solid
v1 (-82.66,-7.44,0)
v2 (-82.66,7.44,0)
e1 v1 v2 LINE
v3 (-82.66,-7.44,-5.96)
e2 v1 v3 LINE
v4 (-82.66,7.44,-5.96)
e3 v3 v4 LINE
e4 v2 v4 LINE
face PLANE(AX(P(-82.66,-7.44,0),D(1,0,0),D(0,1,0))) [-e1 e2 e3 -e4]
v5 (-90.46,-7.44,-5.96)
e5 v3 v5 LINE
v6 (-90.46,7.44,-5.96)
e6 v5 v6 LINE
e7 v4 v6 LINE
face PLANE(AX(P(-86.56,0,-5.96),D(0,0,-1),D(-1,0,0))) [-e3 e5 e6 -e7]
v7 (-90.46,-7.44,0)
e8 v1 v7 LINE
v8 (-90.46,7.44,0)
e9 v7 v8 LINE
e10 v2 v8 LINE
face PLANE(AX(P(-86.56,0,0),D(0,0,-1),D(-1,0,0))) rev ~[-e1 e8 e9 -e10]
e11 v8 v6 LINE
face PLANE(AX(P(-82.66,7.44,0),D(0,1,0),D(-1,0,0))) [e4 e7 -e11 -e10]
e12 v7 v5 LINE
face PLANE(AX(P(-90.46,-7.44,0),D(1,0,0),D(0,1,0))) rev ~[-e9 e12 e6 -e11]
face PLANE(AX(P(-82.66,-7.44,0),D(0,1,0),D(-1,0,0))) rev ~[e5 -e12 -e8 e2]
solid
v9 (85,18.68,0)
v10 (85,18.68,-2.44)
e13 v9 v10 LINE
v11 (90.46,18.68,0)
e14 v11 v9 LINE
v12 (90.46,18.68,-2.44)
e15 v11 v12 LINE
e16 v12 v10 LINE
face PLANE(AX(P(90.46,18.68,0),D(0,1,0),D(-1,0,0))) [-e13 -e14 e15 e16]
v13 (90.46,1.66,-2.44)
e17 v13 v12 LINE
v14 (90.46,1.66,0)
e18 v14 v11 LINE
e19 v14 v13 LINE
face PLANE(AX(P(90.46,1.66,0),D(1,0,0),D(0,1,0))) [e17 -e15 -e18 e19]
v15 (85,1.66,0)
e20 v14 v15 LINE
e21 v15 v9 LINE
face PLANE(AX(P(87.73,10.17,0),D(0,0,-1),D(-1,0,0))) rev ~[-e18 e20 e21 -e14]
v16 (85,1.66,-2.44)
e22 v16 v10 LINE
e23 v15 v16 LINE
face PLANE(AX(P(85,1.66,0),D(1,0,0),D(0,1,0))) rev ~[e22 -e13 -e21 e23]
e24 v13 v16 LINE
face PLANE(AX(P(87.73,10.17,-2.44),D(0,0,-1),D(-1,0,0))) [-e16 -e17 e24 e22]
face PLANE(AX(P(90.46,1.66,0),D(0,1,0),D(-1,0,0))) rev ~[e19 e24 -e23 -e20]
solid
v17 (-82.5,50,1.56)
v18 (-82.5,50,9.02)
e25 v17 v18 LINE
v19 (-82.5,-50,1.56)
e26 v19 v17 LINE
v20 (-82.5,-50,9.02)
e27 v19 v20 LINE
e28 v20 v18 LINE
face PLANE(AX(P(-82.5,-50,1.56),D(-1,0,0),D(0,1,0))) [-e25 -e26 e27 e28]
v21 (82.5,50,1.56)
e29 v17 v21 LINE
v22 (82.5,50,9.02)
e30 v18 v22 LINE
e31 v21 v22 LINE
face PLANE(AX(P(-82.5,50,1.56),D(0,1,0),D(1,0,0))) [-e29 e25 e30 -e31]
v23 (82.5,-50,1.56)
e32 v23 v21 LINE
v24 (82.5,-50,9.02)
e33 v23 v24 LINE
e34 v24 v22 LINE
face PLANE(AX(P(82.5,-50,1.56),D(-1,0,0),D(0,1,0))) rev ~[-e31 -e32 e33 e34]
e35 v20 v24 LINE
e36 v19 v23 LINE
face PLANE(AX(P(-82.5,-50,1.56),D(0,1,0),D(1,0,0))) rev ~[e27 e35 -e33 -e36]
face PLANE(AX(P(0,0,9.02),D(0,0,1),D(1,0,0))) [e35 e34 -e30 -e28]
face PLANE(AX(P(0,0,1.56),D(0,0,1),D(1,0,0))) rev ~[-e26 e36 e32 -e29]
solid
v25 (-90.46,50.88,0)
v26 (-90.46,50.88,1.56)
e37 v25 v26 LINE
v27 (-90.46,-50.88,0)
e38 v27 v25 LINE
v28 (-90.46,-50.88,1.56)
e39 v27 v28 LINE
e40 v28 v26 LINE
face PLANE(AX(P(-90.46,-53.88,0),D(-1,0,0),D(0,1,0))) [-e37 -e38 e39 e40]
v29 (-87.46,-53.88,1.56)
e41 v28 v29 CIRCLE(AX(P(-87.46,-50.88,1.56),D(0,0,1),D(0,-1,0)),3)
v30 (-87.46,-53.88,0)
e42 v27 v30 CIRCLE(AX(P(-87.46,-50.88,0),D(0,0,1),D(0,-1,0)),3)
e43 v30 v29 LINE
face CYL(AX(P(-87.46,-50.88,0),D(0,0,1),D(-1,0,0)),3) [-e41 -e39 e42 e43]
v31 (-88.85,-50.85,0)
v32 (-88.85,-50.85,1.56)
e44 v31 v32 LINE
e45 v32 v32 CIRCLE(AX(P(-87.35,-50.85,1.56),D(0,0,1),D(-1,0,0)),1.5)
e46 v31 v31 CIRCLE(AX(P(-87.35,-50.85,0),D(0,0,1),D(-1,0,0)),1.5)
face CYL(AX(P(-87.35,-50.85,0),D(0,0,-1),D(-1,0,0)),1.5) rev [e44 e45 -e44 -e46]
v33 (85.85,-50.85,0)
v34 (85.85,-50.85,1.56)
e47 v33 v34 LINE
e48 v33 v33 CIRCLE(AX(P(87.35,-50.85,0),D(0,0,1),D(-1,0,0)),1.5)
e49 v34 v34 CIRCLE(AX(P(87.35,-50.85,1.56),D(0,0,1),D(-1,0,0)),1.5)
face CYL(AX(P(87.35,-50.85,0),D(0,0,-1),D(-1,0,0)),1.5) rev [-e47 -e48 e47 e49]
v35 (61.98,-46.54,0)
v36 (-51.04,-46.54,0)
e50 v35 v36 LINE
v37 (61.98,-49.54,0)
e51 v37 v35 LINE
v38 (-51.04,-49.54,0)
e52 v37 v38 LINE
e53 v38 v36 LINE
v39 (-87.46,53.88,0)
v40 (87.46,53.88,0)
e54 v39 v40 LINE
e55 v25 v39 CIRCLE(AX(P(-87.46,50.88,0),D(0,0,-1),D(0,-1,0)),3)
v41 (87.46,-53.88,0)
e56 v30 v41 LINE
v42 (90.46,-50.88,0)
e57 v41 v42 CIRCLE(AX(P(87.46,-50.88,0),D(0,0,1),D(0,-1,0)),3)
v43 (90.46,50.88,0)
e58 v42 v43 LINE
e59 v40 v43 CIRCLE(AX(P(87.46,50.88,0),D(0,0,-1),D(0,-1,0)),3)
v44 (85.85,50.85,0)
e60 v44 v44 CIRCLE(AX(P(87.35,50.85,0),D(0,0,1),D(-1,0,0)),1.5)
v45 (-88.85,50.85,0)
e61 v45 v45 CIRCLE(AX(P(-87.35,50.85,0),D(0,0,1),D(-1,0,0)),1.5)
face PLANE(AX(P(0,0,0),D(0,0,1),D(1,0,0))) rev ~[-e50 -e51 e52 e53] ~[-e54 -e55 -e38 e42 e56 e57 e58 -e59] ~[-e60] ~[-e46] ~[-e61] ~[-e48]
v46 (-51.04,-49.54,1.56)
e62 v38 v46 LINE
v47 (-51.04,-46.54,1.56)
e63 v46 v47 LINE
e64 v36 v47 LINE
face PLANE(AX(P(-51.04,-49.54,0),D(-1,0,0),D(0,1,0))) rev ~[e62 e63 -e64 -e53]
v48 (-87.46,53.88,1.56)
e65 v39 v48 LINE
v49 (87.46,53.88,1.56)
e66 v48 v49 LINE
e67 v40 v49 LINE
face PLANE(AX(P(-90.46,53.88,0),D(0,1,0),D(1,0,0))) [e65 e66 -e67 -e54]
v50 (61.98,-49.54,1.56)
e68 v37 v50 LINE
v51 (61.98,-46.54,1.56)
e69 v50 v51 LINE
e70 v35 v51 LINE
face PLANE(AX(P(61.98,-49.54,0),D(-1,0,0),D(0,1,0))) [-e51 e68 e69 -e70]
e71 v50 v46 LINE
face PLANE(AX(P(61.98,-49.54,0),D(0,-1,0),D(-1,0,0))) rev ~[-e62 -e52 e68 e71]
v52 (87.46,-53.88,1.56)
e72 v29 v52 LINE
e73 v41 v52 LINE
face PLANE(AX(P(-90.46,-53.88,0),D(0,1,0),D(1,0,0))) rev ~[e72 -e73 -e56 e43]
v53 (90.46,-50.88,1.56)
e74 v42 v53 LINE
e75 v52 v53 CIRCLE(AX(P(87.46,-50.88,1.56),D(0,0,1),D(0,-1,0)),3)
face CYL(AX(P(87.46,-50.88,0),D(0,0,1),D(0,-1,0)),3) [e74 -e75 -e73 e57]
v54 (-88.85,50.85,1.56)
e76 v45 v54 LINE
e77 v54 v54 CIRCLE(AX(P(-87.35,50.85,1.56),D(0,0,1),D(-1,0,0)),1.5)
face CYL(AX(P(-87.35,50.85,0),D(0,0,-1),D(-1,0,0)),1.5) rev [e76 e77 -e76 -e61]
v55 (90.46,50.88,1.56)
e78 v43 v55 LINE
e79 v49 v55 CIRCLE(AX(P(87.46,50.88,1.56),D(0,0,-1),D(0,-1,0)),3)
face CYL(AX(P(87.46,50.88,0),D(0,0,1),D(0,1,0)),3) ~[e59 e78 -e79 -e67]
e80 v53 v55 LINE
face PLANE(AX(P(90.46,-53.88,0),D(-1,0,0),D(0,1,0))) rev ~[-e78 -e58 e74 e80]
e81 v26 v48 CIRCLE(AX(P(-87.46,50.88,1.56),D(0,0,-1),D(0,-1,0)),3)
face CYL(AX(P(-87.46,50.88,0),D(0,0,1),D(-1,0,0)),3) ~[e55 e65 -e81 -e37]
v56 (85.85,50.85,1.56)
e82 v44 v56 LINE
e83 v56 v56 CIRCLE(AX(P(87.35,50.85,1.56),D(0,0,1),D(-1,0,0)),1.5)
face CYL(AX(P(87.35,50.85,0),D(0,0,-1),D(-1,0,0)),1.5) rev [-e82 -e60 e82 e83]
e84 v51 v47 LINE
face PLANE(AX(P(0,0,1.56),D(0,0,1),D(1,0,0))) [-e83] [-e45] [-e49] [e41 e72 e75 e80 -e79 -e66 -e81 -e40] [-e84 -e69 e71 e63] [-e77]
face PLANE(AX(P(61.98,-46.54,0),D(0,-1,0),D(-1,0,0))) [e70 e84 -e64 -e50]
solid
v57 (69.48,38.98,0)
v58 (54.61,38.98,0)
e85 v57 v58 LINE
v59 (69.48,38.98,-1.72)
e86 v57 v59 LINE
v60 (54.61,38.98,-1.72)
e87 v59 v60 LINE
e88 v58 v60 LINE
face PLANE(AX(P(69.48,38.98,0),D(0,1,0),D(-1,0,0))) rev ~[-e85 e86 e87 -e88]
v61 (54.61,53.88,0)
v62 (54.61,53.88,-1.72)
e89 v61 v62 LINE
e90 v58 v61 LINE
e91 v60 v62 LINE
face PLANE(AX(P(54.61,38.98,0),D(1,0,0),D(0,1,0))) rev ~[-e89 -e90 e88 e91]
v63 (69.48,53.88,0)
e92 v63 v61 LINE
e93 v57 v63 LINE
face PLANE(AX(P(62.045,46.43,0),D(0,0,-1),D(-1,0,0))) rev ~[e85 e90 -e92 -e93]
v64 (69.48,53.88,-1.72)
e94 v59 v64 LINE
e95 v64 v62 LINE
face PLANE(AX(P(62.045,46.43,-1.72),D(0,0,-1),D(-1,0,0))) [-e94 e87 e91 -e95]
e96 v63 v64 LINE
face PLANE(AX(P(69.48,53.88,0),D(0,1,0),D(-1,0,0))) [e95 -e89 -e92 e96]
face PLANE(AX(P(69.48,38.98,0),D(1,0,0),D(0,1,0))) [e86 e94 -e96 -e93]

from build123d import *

# Parameters (mm, degrees)
SKETCH1_W           = 180.92
SKETCH1_H           = 107.76
SKETCH1_R           = 1.5
BOSS_EXTRUDE1_DEPTH = 1.56
SKETCH2_W           = 165
SKETCH2_H           = 100
BOSS_EXTRUDE2_DEPTH = 7.46
SKETCH3_W           = 7.8
SKETCH3_H           = 14.88
BOSS_EXTRUDE3_DEPTH = 5.96
SKETCH4_W           = 14.87
SKETCH4_H           = 14.9
BOSS_EXTRUDE4_DEPTH = 1.72
SKETCH5_W           = 5.46
SKETCH5_H           = 17.02
BOSS_EXTRUDE5_DEPTH = 2.44
SKETCH6_W           = 113.02
SKETCH6_H           = 3
CUT_EXTRUDE1_DEPTH  = 1.56
FILLET1_R           = 3


with BuildPart() as part:
    # Sketch1 → Boss-Extrude1 (new body)
    with BuildSketch(Plane.XY):
        Rectangle(SKETCH1_W, SKETCH1_H)
        with Locations(Location((87.35, 50.85, 0), (0, 0, 180))):
            Circle(SKETCH1_R, mode=Mode.SUBTRACT)
        with Locations(Location((87.35, -50.85, 0), (0, 0, 180))):
            Circle(SKETCH1_R, mode=Mode.SUBTRACT)
        with Locations(Location((-87.35, 50.85, 0), (0, 0, 180))):
            Circle(SKETCH1_R, mode=Mode.SUBTRACT)
        with Locations(Location((-87.35, -50.85, 0), (0, 0, 180))):
            Circle(SKETCH1_R, mode=Mode.SUBTRACT)
    extrude(amount=BOSS_EXTRUDE1_DEPTH)

    # Sketch6 → Cut-Extrude1 (cut)
    with BuildSketch(Plane(origin=(0, 0, 0), x_dir=(-1, 0, 0), z_dir=(0, 0, -1))):
        with Locations((-5.47, -48.04)):
            Rectangle(SKETCH6_W, SKETCH6_H)
    extrude(amount=-CUT_EXTRUDE1_DEPTH, mode=Mode.SUBTRACT)

    # Fillet1
    fillet1_edges = [part.edges().sort_by_distance(p)[0] for p in [
        (90.46, -53.88, 0.78),
        (-90.46, -53.88, 0.78),
        (-90.46, 53.88, 0.78),
        (90.46, 53.88, 0.78),
    ]]
    fillet(fillet1_edges, radius=FILLET1_R)


with BuildPart() as body_2:
    # Sketch2 → Boss-Extrude2 (new body)
    with BuildSketch(Plane.XY.offset(1.56)):
        Rectangle(SKETCH2_W, SKETCH2_H)
    extrude(amount=BOSS_EXTRUDE2_DEPTH)


with BuildPart() as body_3:
    # Sketch3 → Boss-Extrude3 (new body)
    with BuildSketch(Plane(origin=(0, 0, 0), x_dir=(-1, 0, 0), z_dir=(0, 0, -1))):
        with Locations((86.56, 0)):
            Rectangle(SKETCH3_W, SKETCH3_H)
    extrude(amount=BOSS_EXTRUDE3_DEPTH)


with BuildPart() as body_4:
    # Sketch4 → Boss-Extrude4 (new body)
    with BuildSketch(Plane(origin=(0, 0, 0), x_dir=(-1, 0, 0), z_dir=(0, 0, -1))):
        with Locations((-62.045, 46.43)):
            Rectangle(SKETCH4_W, SKETCH4_H)
    extrude(amount=BOSS_EXTRUDE4_DEPTH)


with BuildPart() as body_5:
    # Sketch5 → Boss-Extrude5 (new body)
    with BuildSketch(Plane(origin=(0, 0, 0), x_dir=(-1, 0, 0), z_dir=(0, 0, -1))):
        with Locations((-87.73, 10.17)):
            Rectangle(SKETCH5_W, SKETCH5_H)
    extrude(amount=BOSS_EXTRUDE5_DEPTH)


solid = Compound([part.part, body_2.part, body_3.part, body_4.part, body_5.part])
